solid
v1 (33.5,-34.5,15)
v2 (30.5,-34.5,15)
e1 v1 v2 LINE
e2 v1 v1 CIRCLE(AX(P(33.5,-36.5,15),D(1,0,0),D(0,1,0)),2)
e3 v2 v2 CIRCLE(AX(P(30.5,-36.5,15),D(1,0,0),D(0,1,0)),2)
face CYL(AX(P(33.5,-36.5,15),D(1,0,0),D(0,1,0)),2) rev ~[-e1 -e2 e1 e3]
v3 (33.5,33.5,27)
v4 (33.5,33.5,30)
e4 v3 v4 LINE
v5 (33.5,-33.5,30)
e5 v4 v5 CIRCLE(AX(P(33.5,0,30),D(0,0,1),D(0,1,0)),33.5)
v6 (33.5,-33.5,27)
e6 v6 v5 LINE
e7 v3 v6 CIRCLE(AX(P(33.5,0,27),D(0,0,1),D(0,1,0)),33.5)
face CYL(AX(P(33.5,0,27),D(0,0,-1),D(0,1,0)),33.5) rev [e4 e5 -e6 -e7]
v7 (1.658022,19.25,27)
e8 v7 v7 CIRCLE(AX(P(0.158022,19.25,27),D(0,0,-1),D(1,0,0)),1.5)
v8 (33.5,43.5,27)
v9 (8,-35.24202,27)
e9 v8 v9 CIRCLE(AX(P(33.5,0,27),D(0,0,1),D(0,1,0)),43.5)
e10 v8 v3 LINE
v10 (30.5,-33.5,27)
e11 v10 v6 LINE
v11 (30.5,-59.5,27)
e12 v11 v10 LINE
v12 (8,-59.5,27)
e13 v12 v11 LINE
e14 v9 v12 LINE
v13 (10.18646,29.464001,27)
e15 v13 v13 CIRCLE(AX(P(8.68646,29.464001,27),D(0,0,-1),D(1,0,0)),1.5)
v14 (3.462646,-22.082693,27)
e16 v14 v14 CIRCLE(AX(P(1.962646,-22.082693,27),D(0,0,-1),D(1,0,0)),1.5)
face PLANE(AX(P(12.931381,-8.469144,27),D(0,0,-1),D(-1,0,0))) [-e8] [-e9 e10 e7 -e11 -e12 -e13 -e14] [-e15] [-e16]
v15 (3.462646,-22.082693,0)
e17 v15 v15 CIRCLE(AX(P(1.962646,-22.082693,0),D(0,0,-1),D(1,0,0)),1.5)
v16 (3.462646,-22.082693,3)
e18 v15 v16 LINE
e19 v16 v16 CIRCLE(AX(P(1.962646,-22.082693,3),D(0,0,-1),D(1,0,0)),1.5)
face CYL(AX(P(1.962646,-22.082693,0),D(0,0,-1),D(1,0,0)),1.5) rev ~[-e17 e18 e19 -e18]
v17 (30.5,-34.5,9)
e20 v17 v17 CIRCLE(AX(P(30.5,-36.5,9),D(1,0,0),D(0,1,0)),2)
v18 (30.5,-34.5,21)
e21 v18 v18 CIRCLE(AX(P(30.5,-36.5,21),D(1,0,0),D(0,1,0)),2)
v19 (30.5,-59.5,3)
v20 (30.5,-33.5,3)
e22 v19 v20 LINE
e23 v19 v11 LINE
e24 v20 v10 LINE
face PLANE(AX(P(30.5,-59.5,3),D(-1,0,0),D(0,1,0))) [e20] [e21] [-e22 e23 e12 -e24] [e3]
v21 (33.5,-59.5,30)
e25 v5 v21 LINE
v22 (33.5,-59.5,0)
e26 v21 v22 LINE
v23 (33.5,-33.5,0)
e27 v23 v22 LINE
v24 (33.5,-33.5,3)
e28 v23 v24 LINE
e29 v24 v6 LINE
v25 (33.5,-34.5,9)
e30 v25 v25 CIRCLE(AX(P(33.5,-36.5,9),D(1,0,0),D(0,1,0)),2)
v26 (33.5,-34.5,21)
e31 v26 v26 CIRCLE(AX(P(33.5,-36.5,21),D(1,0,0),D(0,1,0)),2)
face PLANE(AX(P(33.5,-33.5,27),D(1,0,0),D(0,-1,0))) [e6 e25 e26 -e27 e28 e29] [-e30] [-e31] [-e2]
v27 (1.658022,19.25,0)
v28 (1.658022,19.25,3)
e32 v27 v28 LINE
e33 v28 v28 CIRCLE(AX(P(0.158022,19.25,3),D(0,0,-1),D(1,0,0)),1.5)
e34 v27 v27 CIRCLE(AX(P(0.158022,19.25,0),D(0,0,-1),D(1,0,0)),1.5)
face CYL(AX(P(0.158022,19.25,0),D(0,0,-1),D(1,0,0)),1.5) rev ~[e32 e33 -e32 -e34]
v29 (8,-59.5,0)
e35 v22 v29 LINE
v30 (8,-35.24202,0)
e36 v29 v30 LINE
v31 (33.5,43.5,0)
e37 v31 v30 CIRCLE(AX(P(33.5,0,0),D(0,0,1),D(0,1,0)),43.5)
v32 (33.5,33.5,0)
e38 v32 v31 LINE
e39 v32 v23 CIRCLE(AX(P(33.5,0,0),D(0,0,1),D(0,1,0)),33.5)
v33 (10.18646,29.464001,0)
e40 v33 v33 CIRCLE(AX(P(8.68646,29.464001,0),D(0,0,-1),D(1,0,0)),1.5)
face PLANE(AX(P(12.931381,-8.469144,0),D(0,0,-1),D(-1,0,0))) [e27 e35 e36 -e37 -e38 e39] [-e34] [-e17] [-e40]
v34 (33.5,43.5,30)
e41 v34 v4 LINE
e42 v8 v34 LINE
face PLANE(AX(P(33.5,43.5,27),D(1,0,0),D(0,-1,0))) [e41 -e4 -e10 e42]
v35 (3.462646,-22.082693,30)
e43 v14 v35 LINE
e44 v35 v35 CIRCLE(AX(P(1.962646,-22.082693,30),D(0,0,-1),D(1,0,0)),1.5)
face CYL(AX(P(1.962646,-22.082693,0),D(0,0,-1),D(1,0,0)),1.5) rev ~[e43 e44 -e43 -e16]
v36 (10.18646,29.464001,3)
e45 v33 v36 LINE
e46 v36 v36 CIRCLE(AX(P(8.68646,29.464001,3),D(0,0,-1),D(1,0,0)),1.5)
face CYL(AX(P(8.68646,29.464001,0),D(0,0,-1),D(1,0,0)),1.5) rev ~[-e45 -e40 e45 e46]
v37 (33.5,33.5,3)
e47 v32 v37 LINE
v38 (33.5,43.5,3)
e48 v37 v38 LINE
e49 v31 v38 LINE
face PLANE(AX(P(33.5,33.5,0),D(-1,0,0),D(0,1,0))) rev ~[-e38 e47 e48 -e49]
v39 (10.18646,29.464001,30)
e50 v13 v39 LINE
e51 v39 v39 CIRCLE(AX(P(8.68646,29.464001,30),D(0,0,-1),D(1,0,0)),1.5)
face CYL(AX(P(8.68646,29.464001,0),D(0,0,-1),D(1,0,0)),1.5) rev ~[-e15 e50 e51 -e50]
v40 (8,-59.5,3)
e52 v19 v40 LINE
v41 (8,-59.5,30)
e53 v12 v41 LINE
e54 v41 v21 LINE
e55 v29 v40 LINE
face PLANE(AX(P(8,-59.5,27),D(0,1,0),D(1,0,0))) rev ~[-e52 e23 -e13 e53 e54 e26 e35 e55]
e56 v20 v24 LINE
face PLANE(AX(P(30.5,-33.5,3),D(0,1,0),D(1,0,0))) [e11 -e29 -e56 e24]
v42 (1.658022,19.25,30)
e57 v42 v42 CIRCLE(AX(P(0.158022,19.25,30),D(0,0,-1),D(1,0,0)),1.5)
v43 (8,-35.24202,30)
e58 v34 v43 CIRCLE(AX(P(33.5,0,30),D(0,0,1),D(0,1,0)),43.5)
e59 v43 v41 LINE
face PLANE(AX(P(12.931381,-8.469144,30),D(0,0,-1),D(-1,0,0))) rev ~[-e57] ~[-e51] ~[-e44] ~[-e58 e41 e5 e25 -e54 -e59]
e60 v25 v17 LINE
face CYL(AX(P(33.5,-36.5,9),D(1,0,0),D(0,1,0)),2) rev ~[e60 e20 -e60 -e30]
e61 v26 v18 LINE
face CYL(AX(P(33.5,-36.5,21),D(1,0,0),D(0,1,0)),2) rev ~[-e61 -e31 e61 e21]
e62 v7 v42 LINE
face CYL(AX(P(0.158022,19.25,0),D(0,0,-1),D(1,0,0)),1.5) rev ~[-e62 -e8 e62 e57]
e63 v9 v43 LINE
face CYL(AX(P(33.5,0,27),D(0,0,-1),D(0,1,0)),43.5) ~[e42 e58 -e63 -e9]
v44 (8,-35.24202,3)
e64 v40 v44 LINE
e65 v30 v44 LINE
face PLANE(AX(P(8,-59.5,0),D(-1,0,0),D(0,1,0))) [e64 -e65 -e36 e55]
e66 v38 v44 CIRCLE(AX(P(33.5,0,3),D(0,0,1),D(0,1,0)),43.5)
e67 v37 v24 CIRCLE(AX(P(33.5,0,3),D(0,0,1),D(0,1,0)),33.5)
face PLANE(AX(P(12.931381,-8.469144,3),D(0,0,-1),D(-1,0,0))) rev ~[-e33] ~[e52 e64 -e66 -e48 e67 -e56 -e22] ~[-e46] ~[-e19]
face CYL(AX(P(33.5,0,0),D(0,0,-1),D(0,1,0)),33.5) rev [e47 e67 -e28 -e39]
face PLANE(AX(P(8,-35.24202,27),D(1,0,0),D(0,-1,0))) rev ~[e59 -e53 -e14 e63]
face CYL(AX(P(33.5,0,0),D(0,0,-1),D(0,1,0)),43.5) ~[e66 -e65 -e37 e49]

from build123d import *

# Parameters (mm, degrees)
PAD_DEPTH       = 3
SKETCH001_W     = 3
SKETCH001_H     = 26
PAD001_DEPTH    = 24
SKETCH002_R     = 2
POCKET_DEPTH    = 3
PAD002_DEPTH    = 3
SKETCH004_R     = 1.5
POCKET001_DEPTH = 30.001


with BuildPart() as part:
    # Sketch → Pad (new body)
    with BuildSketch(Plane.XY):
        with BuildLine():
            ThreePointArc((33.5, 33.5), (0, 0), (33.5, -33.5))
            Line((33.5, -33.5), (33.5, -59.5))
            Line((33.5, -59.5), (8, -59.5))
            Line((8, -59.5), (8, -35.24202))
            ThreePointArc((33.5, 43.5), (-7.884042, 13.401905), (8, -35.24202))
            Line((33.5, 33.5), (33.5, 43.5))
        make_face()
    extrude(amount=PAD_DEPTH)

    # Sketch001 → Pad001 (new body)
    with BuildSketch(Plane.XY.offset(3)):
        with Locations((32, -46.5)):
            Rectangle(SKETCH001_W, SKETCH001_H)
    extrude(amount=PAD001_DEPTH)

    # Sketch002 → Pocket (cut)
    with BuildSketch(Plane.YZ.offset(33.5)):
        with Locations((-36.5, 21)):
            Circle(SKETCH002_R)
        with Locations((-36.5, 15)):
            Circle(SKETCH002_R)
        with Locations((-36.5, 9)):
            Circle(SKETCH002_R)
    extrude(amount=-POCKET_DEPTH, mode=Mode.SUBTRACT)

    # Sketch003 → Pad002 (new body)
    with BuildSketch(Plane.XY.offset(27)):
        with BuildLine():
            Line((33.5, 43.5), (33.5, 33.5))
            ThreePointArc((33.5, 33.5), (0, 0), (33.5, -33.5))
            Line((33.5, -33.5), (33.5, -59.5))
            Line((8, -59.5), (33.5, -59.5))
            Line((8, -35.24202), (8, -59.5))
            ThreePointArc((33.5, 43.5), (-7.884042, 13.401905), (8, -35.24202))
        make_face()
    extrude(amount=PAD002_DEPTH)

    # Sketch004 → Pocket001 (cut, through all)
    with BuildSketch(Plane(origin=(0, 0, 0), x_dir=(1, 0, 0), z_dir=(0, 0, -1))):
        with Locations((1.962646, 22.082693)):
            Circle(SKETCH004_R)
        with Locations((8.68646, -29.464001)):
            Circle(SKETCH004_R)
        with Locations((0.158022, -19.25)):
            Circle(SKETCH004_R)
    extrude(amount=-POCKET001_DEPTH, mode=Mode.SUBTRACT)


solid = part.part
